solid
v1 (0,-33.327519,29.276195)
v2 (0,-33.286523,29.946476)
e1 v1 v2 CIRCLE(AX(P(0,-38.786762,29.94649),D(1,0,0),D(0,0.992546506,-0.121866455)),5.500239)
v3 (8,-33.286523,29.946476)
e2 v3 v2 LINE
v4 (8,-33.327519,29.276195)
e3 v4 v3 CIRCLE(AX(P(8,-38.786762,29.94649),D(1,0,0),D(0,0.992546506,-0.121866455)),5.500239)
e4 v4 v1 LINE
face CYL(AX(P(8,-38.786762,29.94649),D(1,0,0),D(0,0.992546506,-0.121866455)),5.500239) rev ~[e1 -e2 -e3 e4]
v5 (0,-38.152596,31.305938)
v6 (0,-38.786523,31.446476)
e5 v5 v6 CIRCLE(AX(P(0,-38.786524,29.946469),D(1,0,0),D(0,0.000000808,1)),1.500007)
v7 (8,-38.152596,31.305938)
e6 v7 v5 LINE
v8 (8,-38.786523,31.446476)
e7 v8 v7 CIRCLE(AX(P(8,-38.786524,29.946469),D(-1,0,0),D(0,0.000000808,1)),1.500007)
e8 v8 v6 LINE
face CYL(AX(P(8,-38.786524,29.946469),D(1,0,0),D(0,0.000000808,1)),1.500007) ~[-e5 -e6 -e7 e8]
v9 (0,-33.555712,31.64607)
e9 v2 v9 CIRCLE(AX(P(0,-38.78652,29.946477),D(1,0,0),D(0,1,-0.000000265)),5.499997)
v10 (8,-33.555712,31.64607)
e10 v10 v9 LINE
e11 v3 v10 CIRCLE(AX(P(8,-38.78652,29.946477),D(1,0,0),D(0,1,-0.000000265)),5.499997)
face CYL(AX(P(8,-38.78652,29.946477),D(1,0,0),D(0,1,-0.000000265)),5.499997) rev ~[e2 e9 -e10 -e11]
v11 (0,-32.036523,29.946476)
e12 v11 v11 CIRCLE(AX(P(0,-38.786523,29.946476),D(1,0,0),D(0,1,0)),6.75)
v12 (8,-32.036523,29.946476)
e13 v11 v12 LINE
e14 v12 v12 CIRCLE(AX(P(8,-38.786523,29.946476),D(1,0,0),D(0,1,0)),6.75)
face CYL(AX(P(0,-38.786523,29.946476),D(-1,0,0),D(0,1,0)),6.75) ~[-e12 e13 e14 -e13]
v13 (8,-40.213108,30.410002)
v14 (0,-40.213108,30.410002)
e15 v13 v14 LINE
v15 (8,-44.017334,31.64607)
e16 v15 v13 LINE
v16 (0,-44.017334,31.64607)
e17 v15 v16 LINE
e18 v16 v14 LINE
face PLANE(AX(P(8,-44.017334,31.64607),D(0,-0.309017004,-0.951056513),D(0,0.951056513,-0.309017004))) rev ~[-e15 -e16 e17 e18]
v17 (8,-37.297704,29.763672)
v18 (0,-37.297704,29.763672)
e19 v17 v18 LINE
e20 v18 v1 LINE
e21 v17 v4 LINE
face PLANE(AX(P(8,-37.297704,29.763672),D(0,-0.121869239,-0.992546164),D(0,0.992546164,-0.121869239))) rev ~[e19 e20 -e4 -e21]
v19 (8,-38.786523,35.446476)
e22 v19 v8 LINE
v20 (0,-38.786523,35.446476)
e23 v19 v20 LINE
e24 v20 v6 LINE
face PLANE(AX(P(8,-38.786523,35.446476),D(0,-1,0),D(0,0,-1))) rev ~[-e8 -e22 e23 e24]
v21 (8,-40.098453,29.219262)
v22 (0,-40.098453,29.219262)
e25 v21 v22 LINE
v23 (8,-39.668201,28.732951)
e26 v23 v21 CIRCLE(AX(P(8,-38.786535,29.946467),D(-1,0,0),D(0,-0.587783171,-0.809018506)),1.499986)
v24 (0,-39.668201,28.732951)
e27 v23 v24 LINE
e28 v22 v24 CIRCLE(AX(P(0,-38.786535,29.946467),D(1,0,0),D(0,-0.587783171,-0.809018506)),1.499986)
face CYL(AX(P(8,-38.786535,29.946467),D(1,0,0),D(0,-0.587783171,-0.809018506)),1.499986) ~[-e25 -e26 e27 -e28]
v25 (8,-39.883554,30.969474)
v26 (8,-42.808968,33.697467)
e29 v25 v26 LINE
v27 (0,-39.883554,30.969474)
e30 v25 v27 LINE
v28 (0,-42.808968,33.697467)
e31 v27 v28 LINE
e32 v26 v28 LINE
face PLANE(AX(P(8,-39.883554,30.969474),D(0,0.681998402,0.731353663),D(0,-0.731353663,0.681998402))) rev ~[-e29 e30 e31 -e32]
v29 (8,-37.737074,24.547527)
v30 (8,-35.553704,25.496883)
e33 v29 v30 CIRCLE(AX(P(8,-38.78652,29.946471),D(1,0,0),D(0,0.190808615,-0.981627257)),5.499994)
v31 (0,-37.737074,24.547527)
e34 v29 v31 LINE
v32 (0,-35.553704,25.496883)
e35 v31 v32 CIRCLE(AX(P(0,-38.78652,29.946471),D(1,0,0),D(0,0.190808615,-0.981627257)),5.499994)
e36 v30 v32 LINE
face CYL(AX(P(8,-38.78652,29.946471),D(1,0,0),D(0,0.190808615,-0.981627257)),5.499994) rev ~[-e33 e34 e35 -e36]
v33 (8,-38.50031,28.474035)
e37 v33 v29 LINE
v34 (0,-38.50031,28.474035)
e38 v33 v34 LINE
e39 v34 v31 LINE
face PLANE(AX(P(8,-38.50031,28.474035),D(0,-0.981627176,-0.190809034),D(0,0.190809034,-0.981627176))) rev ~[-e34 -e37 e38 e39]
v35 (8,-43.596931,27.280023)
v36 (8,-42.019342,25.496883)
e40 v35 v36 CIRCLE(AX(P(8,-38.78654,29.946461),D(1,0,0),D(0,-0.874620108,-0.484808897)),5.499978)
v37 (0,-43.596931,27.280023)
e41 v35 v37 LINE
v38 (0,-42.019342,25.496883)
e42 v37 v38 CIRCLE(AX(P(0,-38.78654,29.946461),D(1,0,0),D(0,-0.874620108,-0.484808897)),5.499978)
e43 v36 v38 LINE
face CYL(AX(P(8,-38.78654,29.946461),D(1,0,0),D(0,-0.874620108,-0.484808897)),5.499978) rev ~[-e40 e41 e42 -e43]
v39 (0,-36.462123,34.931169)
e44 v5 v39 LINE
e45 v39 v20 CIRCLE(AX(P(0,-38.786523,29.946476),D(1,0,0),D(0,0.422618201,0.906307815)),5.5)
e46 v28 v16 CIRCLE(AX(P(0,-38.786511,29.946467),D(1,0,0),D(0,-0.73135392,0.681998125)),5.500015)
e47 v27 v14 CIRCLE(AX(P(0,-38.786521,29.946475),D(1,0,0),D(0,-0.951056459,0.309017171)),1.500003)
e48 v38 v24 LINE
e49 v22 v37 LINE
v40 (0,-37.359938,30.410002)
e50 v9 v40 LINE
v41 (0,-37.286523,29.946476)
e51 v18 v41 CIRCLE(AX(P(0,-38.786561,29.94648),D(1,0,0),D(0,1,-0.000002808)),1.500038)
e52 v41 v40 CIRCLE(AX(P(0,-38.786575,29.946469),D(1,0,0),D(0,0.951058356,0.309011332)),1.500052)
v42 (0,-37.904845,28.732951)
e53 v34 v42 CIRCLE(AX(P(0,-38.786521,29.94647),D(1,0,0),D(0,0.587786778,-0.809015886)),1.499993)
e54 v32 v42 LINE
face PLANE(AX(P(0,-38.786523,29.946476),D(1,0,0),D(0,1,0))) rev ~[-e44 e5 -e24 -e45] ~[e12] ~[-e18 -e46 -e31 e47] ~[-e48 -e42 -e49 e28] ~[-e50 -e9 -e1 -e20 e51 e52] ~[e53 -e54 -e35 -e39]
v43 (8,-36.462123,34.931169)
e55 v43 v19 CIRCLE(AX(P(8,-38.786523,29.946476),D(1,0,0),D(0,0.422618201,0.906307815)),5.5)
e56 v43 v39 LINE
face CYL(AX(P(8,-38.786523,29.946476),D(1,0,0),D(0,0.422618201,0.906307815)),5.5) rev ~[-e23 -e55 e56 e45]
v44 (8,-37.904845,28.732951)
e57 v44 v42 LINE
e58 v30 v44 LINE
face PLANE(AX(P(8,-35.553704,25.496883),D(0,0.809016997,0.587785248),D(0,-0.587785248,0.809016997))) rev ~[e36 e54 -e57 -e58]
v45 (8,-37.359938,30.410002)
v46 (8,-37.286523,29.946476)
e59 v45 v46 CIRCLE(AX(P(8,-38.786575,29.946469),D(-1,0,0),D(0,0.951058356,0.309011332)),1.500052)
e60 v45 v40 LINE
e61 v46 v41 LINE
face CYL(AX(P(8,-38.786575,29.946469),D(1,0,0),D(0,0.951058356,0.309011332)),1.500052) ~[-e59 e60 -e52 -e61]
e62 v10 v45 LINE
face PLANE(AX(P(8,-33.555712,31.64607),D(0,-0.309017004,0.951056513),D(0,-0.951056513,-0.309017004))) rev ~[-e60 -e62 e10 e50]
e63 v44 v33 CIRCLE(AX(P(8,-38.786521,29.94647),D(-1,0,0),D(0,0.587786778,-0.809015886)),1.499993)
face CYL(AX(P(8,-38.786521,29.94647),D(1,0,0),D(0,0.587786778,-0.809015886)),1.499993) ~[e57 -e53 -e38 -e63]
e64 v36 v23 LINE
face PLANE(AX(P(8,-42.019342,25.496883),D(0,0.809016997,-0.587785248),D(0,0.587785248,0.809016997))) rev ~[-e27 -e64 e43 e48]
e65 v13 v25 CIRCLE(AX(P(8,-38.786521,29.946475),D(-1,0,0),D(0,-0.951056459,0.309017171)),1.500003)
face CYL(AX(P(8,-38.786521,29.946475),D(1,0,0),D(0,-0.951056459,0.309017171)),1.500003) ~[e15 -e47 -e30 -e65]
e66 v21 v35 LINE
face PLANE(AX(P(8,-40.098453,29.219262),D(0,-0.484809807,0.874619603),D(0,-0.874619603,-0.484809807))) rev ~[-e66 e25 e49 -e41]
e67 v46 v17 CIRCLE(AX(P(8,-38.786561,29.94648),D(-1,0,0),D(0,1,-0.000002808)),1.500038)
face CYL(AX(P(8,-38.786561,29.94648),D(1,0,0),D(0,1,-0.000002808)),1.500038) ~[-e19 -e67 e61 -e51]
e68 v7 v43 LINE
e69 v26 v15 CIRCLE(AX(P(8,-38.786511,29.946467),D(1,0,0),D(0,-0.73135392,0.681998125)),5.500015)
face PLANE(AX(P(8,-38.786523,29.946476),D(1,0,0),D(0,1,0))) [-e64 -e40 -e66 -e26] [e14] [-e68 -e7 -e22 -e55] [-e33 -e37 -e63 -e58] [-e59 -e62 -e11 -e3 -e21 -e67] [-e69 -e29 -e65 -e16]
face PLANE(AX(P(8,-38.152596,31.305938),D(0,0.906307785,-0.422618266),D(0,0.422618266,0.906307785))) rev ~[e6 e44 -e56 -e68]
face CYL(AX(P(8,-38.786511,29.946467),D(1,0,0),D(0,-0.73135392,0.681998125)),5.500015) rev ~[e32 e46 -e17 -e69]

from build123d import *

# Parameters (mm, degrees)
F0_R     = 6.75
F1_DEPTH = 8
F3_DEPTH = 8.001


with BuildPart() as f1:
    # F0 (on Right) → F1 (new body)
    with BuildSketch(Plane.YZ):
        with Locations((-38.786523, 29.946476)):
            Circle(F0_R)
    extrude(amount=F1_DEPTH)

    # F2 (on face) → F3 (cut, through all)
    with BuildSketch(Plane.YZ.offset(8)):
        with BuildLine():
            Line((-38.152596, 31.305938), (-36.462123, 34.931169))
            ThreePointArc((-36.462123, 34.931169), (-37.596105, 35.316104), (-38.786523, 35.446476))
            Line((-38.786523, 35.446476), (-38.786523, 31.446476))
            ThreePointArc((-38.786523, 31.446476), (-38.461864, 31.41092), (-38.152596, 31.305938))
        make_face()
        with BuildLine():
            Line((-39.883554, 30.969474), (-42.808968, 33.697467))
            ThreePointArc((-42.808968, 33.697467), (-43.525483, 32.737937), (-44.017334, 31.64607))
            Line((-44.017334, 31.64607), (-40.213108, 30.410002))
            ThreePointArc((-40.213108, 30.410002), (-40.078967, 30.707784), (-39.883554, 30.969474))
        make_face()
        with BuildLine():
            ThreePointArc((-43.596931, 27.280023), (-42.90578, 26.302066), (-42.019342, 25.496883))
            Line((-42.019342, 25.496883), (-39.668201, 28.732951))
            ThreePointArc((-39.668201, 28.732951), (-39.909957, 28.952546), (-40.098453, 29.219262))
            Line((-40.098453, 29.219262), (-43.596931, 27.280023))
        make_face()
        with BuildLine():
            ThreePointArc((-37.737074, 24.547527), (-36.593403, 24.902646), (-35.553704, 25.496883))
            Line((-35.553704, 25.496883), (-37.904845, 28.732951))
            ThreePointArc((-37.904845, 28.732951), (-38.188399, 28.570886), (-38.50031, 28.474035))
            Line((-38.50031, 28.474035), (-37.737074, 24.547527))
        make_face()
        with BuildLine():
            ThreePointArc((-33.327519, 29.276195), (-33.296782, 29.610709), (-33.286523, 29.946476))
            ThreePointArc((-33.286523, 29.946476), (-33.354237, 30.806866), (-33.555712, 31.64607))
            Line((-33.555712, 31.64607), (-37.359938, 30.410002))
            ThreePointArc((-37.359938, 30.410002), (-37.304991, 30.181128), (-37.286523, 29.946476))
            ThreePointArc((-37.286523, 29.946476), (-37.289321, 29.854903), (-37.297704, 29.763672))
            Line((-37.297704, 29.763672), (-33.327519, 29.276195))
        make_face()
    extrude(amount=-F3_DEPTH, mode=Mode.SUBTRACT)


solid = f1.part
